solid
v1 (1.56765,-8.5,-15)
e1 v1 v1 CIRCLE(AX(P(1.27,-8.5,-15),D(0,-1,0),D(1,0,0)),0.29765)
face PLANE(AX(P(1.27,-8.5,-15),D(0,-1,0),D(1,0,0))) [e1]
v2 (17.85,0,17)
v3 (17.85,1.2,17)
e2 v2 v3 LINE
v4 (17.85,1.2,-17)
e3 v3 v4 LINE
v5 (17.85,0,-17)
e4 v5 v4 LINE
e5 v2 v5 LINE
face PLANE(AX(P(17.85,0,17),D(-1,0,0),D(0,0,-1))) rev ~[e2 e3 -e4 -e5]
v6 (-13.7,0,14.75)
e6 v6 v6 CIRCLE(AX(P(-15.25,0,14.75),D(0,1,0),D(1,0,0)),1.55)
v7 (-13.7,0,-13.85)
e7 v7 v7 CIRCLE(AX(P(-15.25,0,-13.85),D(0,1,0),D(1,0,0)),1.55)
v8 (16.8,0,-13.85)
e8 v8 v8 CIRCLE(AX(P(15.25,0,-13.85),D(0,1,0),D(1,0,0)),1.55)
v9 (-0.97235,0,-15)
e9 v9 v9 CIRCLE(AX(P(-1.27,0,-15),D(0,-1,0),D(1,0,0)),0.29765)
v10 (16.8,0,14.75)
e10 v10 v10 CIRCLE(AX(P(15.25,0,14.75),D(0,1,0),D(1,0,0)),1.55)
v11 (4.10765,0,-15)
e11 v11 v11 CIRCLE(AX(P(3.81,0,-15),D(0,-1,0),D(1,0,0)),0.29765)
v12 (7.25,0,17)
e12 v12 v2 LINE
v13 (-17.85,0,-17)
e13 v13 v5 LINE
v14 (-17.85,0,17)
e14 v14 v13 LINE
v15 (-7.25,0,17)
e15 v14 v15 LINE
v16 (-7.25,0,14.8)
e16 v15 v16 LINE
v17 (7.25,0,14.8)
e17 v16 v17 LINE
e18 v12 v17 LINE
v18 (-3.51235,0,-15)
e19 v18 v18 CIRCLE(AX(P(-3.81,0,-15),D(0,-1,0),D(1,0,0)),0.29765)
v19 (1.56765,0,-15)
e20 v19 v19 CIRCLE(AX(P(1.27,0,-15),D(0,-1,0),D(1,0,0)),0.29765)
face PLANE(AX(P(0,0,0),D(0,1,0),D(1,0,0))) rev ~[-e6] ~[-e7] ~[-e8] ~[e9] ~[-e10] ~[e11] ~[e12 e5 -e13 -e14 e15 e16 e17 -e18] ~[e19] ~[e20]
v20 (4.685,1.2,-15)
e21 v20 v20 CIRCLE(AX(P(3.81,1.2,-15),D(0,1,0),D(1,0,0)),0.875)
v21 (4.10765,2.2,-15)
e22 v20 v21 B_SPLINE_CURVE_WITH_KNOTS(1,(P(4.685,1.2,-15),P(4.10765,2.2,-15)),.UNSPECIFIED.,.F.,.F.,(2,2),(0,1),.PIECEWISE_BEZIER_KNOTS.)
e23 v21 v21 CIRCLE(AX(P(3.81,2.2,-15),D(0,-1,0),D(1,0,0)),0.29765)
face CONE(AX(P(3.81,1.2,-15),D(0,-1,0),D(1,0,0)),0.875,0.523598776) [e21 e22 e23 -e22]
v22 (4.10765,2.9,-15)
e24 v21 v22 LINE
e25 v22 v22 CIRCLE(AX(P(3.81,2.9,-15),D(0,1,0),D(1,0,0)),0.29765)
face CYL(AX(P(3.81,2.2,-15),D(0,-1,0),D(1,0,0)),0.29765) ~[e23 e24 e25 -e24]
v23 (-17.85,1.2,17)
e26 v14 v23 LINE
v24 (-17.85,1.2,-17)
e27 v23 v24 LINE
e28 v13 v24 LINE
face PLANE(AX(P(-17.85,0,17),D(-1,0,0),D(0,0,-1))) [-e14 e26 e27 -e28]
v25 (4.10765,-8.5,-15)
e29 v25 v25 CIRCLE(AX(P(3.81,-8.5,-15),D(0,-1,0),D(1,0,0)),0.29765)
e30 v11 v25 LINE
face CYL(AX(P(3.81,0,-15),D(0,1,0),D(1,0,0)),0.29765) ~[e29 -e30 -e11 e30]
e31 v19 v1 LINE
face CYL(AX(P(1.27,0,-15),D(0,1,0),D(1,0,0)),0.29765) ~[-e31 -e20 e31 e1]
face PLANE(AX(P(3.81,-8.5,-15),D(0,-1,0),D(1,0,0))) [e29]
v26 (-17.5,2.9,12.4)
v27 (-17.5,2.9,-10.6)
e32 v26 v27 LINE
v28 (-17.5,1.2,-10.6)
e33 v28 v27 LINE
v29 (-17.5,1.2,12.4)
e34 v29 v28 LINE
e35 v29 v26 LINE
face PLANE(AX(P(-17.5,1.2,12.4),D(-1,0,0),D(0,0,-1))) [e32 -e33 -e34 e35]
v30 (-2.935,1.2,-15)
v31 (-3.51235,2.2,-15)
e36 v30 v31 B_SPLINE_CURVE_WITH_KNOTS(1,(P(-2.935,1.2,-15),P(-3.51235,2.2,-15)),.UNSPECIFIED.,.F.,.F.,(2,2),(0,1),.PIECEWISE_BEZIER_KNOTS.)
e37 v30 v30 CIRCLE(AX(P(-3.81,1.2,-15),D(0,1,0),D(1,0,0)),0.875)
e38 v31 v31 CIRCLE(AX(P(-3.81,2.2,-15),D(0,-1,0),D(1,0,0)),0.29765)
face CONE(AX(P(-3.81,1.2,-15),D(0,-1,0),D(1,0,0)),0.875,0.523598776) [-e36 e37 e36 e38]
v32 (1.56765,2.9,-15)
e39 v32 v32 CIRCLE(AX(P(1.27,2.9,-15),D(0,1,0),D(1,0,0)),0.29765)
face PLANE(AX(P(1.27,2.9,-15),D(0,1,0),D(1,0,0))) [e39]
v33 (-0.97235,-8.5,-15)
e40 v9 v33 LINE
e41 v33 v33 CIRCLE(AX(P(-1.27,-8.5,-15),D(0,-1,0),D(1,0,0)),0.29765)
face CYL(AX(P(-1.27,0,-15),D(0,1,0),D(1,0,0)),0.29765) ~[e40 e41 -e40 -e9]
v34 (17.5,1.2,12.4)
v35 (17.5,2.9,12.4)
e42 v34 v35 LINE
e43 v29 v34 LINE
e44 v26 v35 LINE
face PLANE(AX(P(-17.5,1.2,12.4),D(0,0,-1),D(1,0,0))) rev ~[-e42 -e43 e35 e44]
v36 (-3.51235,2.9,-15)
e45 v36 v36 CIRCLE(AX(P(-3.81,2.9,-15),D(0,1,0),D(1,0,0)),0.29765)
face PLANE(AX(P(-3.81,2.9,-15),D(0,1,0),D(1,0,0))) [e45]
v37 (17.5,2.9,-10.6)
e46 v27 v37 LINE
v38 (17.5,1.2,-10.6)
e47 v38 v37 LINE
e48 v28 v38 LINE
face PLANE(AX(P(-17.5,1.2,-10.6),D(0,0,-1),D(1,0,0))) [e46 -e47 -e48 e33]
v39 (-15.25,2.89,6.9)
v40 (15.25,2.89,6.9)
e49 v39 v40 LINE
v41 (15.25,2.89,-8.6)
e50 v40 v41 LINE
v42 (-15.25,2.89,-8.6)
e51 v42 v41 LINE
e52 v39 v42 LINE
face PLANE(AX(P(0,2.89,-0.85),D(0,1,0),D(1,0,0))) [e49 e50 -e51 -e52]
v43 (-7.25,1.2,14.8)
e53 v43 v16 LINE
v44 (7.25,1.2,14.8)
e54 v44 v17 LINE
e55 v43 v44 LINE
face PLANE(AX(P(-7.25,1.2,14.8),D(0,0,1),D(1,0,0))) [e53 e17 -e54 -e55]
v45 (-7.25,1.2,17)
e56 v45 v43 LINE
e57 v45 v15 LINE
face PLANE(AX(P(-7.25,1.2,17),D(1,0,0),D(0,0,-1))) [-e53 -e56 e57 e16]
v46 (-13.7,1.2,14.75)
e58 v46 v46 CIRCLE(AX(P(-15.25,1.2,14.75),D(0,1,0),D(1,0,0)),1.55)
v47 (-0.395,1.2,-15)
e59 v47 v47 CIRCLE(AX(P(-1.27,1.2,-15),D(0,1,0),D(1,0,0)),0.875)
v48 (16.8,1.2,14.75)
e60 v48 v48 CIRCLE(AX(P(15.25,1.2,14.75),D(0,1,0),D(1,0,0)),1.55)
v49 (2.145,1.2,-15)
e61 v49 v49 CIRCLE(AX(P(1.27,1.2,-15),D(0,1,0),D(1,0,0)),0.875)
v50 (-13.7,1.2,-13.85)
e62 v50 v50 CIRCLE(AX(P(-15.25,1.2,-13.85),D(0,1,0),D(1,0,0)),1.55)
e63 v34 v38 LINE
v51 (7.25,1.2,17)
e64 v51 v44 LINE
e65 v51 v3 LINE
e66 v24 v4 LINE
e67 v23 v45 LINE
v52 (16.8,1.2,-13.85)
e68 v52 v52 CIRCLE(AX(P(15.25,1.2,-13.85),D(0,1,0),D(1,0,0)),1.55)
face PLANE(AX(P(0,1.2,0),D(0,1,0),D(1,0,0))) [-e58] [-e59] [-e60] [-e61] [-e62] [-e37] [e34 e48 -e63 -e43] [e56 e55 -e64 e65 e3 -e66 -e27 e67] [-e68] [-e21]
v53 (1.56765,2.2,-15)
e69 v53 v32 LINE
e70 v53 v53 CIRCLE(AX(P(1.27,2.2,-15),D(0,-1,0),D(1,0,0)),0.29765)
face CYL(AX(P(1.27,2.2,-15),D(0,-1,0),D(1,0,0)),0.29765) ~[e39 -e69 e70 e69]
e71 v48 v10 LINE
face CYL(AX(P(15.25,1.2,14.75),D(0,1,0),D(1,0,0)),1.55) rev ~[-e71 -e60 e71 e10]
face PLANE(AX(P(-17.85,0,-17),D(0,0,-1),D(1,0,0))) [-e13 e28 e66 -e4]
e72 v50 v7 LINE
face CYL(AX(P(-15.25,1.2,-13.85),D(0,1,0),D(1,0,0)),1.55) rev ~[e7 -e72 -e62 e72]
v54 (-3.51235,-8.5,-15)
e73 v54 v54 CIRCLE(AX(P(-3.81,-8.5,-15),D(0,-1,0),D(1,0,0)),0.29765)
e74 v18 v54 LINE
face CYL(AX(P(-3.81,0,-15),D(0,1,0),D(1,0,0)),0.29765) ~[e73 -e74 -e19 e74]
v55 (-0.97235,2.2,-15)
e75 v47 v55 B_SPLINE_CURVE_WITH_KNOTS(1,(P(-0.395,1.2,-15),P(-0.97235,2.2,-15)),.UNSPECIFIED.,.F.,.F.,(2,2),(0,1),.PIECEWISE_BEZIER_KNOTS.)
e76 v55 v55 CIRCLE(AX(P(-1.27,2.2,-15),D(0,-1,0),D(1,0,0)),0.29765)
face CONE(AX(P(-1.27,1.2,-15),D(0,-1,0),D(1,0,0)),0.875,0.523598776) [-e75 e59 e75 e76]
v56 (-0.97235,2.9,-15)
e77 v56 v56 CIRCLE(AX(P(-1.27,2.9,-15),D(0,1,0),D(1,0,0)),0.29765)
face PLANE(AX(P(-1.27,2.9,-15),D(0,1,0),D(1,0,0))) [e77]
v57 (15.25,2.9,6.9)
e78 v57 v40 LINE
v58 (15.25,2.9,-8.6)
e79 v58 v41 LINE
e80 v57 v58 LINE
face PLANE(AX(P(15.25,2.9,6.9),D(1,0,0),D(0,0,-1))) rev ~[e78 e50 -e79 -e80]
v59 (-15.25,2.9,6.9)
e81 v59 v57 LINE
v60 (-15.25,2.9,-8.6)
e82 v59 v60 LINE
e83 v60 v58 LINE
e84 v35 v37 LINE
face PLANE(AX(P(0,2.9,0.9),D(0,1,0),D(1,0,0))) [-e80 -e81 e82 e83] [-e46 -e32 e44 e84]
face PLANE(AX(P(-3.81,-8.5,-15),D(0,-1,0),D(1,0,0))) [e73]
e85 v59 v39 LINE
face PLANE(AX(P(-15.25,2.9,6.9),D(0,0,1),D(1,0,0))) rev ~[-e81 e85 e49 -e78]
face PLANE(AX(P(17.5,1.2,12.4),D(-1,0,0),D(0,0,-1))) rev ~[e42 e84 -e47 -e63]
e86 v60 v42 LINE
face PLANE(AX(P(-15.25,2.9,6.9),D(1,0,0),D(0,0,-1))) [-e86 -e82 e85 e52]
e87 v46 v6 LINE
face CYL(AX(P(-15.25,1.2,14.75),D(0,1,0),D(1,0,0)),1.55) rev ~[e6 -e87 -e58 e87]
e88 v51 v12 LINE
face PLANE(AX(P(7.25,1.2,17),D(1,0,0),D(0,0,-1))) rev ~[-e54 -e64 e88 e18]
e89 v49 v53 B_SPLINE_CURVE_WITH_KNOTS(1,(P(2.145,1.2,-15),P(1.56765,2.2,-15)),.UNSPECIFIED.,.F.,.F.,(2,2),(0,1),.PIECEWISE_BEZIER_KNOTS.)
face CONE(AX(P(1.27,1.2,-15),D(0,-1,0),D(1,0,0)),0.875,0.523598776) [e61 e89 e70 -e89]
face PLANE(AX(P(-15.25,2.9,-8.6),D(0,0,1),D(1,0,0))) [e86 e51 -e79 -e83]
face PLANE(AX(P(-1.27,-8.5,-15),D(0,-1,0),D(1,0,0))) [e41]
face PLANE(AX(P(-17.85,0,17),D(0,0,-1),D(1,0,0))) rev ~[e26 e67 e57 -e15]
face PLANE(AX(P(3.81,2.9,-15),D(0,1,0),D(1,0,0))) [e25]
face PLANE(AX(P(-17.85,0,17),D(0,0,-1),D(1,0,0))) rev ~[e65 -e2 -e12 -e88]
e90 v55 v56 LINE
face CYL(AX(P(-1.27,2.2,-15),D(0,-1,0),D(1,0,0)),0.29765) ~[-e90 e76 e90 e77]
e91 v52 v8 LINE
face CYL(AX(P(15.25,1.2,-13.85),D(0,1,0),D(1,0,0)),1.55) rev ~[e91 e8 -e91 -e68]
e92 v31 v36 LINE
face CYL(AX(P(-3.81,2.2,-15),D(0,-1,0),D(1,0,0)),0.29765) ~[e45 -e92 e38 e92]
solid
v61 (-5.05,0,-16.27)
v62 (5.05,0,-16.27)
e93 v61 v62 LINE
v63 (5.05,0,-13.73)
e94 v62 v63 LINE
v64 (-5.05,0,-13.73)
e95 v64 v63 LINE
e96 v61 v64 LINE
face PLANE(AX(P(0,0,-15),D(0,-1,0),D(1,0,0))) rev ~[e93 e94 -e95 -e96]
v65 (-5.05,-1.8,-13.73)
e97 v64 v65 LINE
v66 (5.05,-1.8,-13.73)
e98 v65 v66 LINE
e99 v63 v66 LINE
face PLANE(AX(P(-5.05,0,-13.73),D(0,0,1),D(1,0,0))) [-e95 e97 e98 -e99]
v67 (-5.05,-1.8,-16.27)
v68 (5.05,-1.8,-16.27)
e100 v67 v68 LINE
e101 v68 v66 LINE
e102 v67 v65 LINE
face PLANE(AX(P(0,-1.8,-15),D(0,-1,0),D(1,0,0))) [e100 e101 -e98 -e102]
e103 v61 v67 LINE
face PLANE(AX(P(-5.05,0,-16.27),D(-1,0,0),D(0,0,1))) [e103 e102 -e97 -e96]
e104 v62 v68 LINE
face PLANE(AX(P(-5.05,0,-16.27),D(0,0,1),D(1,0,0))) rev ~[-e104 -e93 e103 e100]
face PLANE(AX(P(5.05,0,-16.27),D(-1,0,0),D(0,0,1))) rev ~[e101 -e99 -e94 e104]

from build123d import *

# Parameters (mm, degrees)
SKIZZE1_W                       = 35.7
SKIZZE1_H                       = 34
AUFSATZ_LINEAR_AUSTRAGEN1_DEPTH = 1.2
SKIZZE2_R                       = 1.55
SCHNITT_LINEAR_AUSTRAGEN1_DEPTH = 2.2
SKIZZE3_W                       = 35
SKIZZE3_H                       = 23
AUFSATZ_LINEAR_AUSTRAGEN2_DEPTH = 1.7
SKIZZE4_W                       = 30.5
SKIZZE4_H                       = 15.5
SCHNITT_LINEAR_AUSTRAGEN2_DEPTH = 0.01
SKIZZE5_W                       = 14.5
SKIZZE5_H                       = 2.2
SCHNITT_LINEAR_AUSTRAGEN3_DEPTH = 2.2
SKIZZE6_R                       = 0.875
AUFSATZ_LINEAR_AUSTRAGEN3_DEPTH = 1
AUFSATZ_LINEAR_AUSTRAGEN3_TAPER = 30
SKIZZE7_R                       = 0.297649731
AUFSATZ_LINEAR_AUSTRAGEN4_DEPTH = 0.7
SKIZZE8_R                       = 0.297649731
AUFSATZ_LINEAR_AUSTRAGEN5_DEPTH = 8.5
SKIZZE9_W                       = 10.1
SKIZZE9_H                       = 2.54
AUFSATZ_LINEAR_AUSTRAGEN6_DEPTH = 1.8


with BuildPart() as part:
    # Skizze1 → Aufsatz-Linear austragen1 (new body)
    with BuildSketch(Plane(origin=(0, 0, 0), x_dir=(1, 0, 0), z_dir=(0, 1, 0))):
        Rectangle(SKIZZE1_W, SKIZZE1_H)
    extrude(amount=AUFSATZ_LINEAR_AUSTRAGEN1_DEPTH)

    # Skizze2 → Schnitt-Linear austragen1 (cut, through all)
    with BuildSketch(Plane(origin=(0, 1.2, 0), x_dir=(1, 0, 0), z_dir=(0, 1, 0))):
        with Locations((-15.25, 13.85)):
            Circle(SKIZZE2_R)
        with Locations((15.25, 13.85)):
            Circle(SKIZZE2_R)
        with Locations((15.25, -14.75)):
            Circle(SKIZZE2_R)
        with Locations((-15.25, -14.75)):
            Circle(SKIZZE2_R)
    extrude(amount=-SCHNITT_LINEAR_AUSTRAGEN1_DEPTH, mode=Mode.SUBTRACT)

    # Skizze3 → Aufsatz-Linear austragen2 (add)
    with BuildSketch(Plane(origin=(0, 1.2, 0), x_dir=(1, 0, 0), z_dir=(0, 1, 0))):
        with Locations((0, -0.9)):
            Rectangle(SKIZZE3_W, SKIZZE3_H)
    extrude(amount=AUFSATZ_LINEAR_AUSTRAGEN2_DEPTH)

    # Skizze4 → Schnitt-Linear austragen2 (cut)
    with BuildSketch(Plane(origin=(0, 2.9, 0), x_dir=(1, 0, 0), z_dir=(0, 1, 0))):
        with Locations((0, 0.85)):
            Rectangle(SKIZZE4_W, SKIZZE4_H)
    extrude(amount=-SCHNITT_LINEAR_AUSTRAGEN2_DEPTH, mode=Mode.SUBTRACT)

    # Skizze5 → Schnitt-Linear austragen3 (cut, through all)
    with BuildSketch(Plane(origin=(0, 1.2, 0), x_dir=(1, 0, 0), z_dir=(0, 1, 0))):
        with Locations((0, -15.9)):
            Rectangle(SKIZZE5_W, SKIZZE5_H)
    extrude(amount=-SCHNITT_LINEAR_AUSTRAGEN3_DEPTH, mode=Mode.SUBTRACT)

    # Skizze6 → Aufsatz-Linear austragen3 (add)
    with BuildSketch(Plane(origin=(0, 1.2, 0), x_dir=(1, 0, 0), z_dir=(0, 1, 0))):
        with Locations((-3.81, 15)):
            Circle(SKIZZE6_R)
        with Locations((3.81, 15)):
            Circle(SKIZZE6_R)
        with Locations((1.27, 15)):
            Circle(SKIZZE6_R)
        with Locations((-1.27, 15)):
            Circle(SKIZZE6_R)
    extrude(amount=AUFSATZ_LINEAR_AUSTRAGEN3_DEPTH, taper=AUFSATZ_LINEAR_AUSTRAGEN3_TAPER)

    # Skizze7 → Aufsatz-Linear austragen4 (add)
    with BuildSketch(Plane(origin=(0, 2.2, 0), x_dir=(1, 0, 0), z_dir=(0, 1, 0))):
        with Locations((-3.81, 15)):
            Circle(SKIZZE7_R)
        with Locations((-1.27, 15)):
            Circle(SKIZZE7_R)
        with Locations((1.27, 15)):
            Circle(SKIZZE7_R)
        with Locations((3.81, 15)):
            Circle(SKIZZE7_R)
    extrude(amount=AUFSATZ_LINEAR_AUSTRAGEN4_DEPTH)

    # Skizze8 → Aufsatz-Linear austragen5 (add)
    with BuildSketch(Plane.XZ):
        with Locations((-1.27, -15)):
            Circle(SKIZZE8_R)
        with Locations((-3.81, -15)):
            Circle(SKIZZE8_R)
        with Locations((1.27, -15)):
            Circle(SKIZZE8_R)
        with Locations((3.81, -15)):
            Circle(SKIZZE8_R)
    extrude(amount=AUFSATZ_LINEAR_AUSTRAGEN5_DEPTH)


with BuildPart() as body_2:
    # Skizze9 → Aufsatz-Linear austragen6 (new body)
    with BuildSketch(Plane.XZ):
        with Locations((0, -15)):
            Rectangle(SKIZZE9_W, SKIZZE9_H)
    extrude(amount=AUFSATZ_LINEAR_AUSTRAGEN6_DEPTH)


solid = Compound([part.part, body_2.part])
